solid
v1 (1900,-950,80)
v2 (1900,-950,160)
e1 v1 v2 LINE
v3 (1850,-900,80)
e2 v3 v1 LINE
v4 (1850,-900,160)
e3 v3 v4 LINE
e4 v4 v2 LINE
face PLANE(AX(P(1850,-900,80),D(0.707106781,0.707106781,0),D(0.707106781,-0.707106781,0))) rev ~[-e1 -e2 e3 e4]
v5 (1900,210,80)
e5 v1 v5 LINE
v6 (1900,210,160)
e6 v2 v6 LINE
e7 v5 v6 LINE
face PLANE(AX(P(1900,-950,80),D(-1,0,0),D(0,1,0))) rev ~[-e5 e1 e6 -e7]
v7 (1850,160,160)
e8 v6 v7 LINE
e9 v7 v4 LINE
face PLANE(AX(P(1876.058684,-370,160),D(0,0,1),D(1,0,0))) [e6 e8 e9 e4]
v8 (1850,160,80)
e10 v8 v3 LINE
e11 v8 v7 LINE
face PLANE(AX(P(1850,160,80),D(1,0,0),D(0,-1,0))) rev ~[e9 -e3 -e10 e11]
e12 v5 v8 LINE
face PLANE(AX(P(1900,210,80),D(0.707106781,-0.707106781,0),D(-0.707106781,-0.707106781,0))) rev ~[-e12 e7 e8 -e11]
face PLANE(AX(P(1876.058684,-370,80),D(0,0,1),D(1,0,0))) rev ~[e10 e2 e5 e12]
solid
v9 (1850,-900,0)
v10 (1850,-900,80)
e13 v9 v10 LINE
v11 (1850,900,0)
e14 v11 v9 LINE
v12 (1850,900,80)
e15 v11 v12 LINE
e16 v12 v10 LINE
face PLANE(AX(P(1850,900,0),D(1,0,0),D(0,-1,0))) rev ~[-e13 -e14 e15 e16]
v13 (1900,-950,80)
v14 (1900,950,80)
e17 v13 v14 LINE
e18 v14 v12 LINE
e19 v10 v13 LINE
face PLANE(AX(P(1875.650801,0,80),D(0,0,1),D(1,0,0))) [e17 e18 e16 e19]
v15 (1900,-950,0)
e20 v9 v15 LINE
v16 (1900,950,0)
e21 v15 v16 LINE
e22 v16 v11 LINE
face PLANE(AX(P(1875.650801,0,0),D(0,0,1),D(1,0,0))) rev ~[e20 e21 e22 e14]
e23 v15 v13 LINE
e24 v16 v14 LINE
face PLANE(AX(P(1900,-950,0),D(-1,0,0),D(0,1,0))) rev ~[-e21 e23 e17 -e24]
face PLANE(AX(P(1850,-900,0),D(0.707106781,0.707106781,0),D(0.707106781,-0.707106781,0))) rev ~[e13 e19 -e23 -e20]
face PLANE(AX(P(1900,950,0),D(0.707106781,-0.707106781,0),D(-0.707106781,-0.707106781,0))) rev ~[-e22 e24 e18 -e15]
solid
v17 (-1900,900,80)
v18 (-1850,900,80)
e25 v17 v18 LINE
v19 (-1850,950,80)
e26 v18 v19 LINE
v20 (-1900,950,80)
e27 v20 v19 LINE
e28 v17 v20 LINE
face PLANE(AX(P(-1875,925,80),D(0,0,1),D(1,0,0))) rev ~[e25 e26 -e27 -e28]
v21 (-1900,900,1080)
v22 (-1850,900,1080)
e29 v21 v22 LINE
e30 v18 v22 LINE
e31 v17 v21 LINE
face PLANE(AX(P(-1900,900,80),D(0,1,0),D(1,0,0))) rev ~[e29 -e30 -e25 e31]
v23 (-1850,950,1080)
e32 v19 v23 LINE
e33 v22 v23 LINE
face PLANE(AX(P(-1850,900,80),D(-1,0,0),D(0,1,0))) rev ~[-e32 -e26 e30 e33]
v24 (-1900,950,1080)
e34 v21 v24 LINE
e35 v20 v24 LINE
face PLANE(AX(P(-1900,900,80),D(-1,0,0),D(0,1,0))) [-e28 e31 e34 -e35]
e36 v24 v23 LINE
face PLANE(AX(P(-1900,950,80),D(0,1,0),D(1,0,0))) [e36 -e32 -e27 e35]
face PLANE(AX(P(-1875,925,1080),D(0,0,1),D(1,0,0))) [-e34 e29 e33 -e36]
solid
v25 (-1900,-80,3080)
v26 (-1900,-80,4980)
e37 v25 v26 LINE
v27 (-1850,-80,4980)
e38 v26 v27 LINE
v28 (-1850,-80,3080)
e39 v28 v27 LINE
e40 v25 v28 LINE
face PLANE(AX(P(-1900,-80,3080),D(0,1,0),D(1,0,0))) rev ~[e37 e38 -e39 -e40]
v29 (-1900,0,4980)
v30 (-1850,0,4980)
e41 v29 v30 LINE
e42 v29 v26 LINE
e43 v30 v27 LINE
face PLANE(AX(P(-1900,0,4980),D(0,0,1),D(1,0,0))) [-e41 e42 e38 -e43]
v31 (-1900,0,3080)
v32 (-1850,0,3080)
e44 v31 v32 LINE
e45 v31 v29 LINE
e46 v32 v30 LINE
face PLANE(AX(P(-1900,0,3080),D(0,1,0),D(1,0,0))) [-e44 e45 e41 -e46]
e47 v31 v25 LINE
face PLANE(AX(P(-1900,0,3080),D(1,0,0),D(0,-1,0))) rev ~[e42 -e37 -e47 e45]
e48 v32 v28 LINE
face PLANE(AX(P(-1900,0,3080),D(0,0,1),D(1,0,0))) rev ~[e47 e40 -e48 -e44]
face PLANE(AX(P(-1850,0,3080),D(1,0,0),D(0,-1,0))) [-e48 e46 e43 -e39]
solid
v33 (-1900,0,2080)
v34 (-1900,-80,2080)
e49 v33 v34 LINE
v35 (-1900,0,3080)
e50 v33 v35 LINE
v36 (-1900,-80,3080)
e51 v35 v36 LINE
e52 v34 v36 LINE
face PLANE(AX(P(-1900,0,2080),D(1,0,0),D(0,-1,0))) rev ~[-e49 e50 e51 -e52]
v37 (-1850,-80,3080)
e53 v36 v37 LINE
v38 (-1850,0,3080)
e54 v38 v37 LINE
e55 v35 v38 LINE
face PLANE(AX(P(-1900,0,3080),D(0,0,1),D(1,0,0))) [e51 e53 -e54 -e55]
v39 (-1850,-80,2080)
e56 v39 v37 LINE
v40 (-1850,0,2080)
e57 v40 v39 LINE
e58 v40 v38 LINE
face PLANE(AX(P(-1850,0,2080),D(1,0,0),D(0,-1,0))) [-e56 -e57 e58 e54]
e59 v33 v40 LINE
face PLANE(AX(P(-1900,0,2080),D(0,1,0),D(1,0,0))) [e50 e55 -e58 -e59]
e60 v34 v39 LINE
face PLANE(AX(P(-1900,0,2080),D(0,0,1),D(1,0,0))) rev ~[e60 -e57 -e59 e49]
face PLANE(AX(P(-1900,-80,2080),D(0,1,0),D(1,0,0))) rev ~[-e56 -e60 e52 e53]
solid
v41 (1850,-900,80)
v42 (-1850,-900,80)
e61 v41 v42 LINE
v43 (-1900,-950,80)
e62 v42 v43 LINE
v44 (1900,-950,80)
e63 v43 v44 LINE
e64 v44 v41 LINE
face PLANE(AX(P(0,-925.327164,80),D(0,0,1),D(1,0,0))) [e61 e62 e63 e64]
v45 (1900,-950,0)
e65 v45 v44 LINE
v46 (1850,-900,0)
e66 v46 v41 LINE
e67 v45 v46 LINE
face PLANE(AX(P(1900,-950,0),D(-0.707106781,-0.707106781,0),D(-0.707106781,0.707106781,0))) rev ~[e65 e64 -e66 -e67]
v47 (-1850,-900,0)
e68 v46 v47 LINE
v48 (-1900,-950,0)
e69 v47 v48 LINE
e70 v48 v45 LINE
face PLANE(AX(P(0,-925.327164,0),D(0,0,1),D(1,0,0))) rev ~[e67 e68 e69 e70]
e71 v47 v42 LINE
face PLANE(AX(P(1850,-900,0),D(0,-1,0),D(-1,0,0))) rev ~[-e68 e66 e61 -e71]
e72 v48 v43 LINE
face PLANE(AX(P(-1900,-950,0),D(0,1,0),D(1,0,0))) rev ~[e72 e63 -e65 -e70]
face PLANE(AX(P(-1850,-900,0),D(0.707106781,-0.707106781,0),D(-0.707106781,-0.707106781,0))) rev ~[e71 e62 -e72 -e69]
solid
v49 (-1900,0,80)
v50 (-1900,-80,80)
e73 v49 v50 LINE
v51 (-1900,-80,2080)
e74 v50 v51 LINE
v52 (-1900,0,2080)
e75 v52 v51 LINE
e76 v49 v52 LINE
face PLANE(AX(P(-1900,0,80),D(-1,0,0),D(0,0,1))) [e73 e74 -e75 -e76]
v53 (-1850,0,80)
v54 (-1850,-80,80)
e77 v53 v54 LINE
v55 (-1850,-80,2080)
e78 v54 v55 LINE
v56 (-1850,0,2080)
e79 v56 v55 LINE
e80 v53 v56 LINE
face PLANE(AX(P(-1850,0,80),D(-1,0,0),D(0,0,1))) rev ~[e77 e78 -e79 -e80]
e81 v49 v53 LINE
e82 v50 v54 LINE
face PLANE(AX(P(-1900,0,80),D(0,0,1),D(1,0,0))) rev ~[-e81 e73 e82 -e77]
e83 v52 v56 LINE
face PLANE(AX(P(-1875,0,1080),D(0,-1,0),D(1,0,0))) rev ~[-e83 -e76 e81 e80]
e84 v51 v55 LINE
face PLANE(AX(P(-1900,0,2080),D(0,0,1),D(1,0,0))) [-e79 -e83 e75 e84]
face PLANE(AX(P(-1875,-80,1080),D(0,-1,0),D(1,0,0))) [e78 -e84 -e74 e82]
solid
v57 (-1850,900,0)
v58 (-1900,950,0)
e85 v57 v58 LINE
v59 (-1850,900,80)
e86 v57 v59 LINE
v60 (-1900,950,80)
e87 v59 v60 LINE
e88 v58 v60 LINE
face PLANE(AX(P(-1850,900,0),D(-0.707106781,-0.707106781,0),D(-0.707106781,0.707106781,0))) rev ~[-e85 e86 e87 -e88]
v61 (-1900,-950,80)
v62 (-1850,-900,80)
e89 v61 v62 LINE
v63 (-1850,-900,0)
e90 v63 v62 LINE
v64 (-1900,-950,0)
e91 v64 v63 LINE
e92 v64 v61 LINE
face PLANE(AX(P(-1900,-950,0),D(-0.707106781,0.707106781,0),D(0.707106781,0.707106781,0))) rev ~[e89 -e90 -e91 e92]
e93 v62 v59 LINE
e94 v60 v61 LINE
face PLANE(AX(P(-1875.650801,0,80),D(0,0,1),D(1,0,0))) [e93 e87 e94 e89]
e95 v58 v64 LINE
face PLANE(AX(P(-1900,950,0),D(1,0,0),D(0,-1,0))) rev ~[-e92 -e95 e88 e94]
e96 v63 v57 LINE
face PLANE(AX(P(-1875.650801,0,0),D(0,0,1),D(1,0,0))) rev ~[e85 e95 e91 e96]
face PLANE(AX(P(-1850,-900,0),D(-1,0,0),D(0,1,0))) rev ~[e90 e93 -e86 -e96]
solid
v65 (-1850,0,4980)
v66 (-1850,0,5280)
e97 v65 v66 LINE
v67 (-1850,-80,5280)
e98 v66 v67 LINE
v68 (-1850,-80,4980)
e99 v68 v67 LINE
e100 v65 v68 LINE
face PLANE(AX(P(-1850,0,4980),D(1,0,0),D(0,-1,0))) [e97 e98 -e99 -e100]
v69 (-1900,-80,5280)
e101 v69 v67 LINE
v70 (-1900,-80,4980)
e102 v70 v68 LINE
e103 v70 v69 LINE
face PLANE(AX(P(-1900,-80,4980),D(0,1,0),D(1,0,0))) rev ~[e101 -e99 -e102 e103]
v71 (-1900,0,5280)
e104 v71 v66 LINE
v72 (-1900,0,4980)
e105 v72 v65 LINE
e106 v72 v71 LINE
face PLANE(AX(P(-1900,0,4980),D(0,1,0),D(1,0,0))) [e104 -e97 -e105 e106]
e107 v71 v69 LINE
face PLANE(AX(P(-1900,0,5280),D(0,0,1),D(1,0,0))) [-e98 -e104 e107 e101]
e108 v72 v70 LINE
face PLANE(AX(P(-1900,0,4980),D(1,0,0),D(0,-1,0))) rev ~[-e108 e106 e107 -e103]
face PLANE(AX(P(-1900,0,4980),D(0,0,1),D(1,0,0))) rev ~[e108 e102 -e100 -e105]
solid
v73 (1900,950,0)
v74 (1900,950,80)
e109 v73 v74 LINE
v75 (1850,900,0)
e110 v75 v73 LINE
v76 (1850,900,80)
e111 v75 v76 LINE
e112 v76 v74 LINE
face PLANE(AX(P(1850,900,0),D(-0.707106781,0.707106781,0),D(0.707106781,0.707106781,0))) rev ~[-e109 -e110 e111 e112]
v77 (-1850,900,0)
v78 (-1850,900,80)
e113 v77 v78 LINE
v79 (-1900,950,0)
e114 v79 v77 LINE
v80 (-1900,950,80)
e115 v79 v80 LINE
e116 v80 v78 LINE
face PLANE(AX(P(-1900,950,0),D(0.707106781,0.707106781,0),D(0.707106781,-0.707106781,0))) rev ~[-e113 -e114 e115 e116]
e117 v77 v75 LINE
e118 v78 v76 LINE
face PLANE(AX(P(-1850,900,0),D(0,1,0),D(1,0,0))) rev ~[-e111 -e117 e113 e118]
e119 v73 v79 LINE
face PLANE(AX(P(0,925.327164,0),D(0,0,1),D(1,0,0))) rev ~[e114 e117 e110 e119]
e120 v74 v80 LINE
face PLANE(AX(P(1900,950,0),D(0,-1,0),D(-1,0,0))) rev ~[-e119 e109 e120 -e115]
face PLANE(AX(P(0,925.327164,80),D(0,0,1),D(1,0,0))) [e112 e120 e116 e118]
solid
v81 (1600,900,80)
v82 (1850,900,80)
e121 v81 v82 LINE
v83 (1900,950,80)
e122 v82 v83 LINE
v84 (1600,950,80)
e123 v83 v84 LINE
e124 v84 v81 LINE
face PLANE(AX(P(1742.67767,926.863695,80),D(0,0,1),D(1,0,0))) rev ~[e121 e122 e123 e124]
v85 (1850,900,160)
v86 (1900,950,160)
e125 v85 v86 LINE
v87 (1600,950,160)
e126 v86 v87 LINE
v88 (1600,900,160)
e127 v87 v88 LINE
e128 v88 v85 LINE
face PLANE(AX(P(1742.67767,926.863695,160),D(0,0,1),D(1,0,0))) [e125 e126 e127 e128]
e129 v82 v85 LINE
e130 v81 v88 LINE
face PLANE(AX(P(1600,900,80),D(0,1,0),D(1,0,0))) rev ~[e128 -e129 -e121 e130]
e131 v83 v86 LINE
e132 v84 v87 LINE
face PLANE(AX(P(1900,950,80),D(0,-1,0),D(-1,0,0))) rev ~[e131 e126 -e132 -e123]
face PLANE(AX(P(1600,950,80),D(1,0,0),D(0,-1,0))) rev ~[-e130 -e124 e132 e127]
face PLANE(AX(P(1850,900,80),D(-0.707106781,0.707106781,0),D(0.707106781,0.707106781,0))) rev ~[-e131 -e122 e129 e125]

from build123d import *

# Parameters (mm, degrees)
F1_DEPTH  = 80
F2_DEPTH  = 80
F3_DEPTH  = 80
F4_DEPTH  = 80
F5_W      = 50
F5_H      = 2000
F6_DEPTH  = 80
F7_W      = 50
F7_H      = 50
F8_DEPTH  = 1000
F9_DEPTH  = 1000
F10_DEPTH = 1900
F11_DEPTH = 300
F13_DEPTH = 80
F15_DEPTH = 80


with BuildPart() as f1:
    # F0 (on Top) → F1 (new body)
    with BuildSketch(Plane.XY):
        Polygon((1850, 900), (1900, 950), (-1900, 950), (-1850, 900), align=None)
    extrude(amount=F1_DEPTH)


with BuildPart() as f2:
    # F0 (on Top) → F2 (new body)
    with BuildSketch(Plane.XY):
        Polygon((-1850, 900), (-1900, 950), (-1900, -950), (-1850, -900), align=None)
    extrude(amount=F2_DEPTH)


with BuildPart() as f3:
    # F0 (on Top) → F3 (new body)
    with BuildSketch(Plane.XY):
        Polygon((-1900, -950), (1900, -950), (1850, -900), (-1850, -900), align=None)
    extrude(amount=F3_DEPTH)


with BuildPart() as f4:
    # F0 (on Top) → F4 (new body)
    with BuildSketch(Plane.XY):
        Polygon((1900, -950), (1900, 950), (1850, 900), (1850, -900), align=None)
    extrude(amount=F4_DEPTH)


with BuildPart() as f6:
    # F5 (on Front) → F6 (new body)
    with BuildSketch(Plane.XZ):
        with Locations((-1875, 1080)):
            Rectangle(F5_W, F5_H)
    extrude(amount=F6_DEPTH)


with BuildPart() as f8:
    # F7 (on face) → F8 (new body)
    with BuildSketch(Plane.XY.offset(80)):
        with Locations((-1875, 925)):
            Rectangle(F7_W, F7_H)
    extrude(amount=F8_DEPTH)


with BuildPart() as f9:
    # F9 (new): a face of the model
    f9_faces = [f6.part.faces().sort_by_distance(p)[0] for p in [
        (-1875, -40, 2080),
    ]]
    extrude(f9_faces, amount=F9_DEPTH)


with BuildPart() as f10:
    # F10 (new): a face of the model
    f10_faces = [f9.part.faces().sort_by_distance(p)[0] for p in [
        (-1875, -40, 3080),
    ]]
    extrude(f10_faces, amount=F10_DEPTH)


with BuildPart() as f11:
    # F11 (new): a face of the model
    f11_faces = [f10.part.faces().sort_by_distance(p)[0] for p in [
        (-1875, -40, 4980),
    ]]
    extrude(f11_faces, amount=F11_DEPTH)


with BuildPart() as f13:
    # F12 (on face) → F13 (new body)
    with BuildSketch(Plane.XY.offset(80)):
        Polygon((1600, 900), (1850, 900), (1900, 950), (1600, 950), align=None)
    extrude(amount=F13_DEPTH)


with BuildPart() as f15:
    # F14 (on face) → F15 (new body)
    with BuildSketch(Plane.XY.offset(80)):
        Polygon((1850, -900), (1900, -950), (1900, 210), (1850, 160), align=None)
    extrude(amount=F15_DEPTH)


solid = Compound([f1.part, f2.part, f3.part, f4.part, f6.part, f8.part, f9.part, f10.part, f11.part, f13.part, f15.part])
